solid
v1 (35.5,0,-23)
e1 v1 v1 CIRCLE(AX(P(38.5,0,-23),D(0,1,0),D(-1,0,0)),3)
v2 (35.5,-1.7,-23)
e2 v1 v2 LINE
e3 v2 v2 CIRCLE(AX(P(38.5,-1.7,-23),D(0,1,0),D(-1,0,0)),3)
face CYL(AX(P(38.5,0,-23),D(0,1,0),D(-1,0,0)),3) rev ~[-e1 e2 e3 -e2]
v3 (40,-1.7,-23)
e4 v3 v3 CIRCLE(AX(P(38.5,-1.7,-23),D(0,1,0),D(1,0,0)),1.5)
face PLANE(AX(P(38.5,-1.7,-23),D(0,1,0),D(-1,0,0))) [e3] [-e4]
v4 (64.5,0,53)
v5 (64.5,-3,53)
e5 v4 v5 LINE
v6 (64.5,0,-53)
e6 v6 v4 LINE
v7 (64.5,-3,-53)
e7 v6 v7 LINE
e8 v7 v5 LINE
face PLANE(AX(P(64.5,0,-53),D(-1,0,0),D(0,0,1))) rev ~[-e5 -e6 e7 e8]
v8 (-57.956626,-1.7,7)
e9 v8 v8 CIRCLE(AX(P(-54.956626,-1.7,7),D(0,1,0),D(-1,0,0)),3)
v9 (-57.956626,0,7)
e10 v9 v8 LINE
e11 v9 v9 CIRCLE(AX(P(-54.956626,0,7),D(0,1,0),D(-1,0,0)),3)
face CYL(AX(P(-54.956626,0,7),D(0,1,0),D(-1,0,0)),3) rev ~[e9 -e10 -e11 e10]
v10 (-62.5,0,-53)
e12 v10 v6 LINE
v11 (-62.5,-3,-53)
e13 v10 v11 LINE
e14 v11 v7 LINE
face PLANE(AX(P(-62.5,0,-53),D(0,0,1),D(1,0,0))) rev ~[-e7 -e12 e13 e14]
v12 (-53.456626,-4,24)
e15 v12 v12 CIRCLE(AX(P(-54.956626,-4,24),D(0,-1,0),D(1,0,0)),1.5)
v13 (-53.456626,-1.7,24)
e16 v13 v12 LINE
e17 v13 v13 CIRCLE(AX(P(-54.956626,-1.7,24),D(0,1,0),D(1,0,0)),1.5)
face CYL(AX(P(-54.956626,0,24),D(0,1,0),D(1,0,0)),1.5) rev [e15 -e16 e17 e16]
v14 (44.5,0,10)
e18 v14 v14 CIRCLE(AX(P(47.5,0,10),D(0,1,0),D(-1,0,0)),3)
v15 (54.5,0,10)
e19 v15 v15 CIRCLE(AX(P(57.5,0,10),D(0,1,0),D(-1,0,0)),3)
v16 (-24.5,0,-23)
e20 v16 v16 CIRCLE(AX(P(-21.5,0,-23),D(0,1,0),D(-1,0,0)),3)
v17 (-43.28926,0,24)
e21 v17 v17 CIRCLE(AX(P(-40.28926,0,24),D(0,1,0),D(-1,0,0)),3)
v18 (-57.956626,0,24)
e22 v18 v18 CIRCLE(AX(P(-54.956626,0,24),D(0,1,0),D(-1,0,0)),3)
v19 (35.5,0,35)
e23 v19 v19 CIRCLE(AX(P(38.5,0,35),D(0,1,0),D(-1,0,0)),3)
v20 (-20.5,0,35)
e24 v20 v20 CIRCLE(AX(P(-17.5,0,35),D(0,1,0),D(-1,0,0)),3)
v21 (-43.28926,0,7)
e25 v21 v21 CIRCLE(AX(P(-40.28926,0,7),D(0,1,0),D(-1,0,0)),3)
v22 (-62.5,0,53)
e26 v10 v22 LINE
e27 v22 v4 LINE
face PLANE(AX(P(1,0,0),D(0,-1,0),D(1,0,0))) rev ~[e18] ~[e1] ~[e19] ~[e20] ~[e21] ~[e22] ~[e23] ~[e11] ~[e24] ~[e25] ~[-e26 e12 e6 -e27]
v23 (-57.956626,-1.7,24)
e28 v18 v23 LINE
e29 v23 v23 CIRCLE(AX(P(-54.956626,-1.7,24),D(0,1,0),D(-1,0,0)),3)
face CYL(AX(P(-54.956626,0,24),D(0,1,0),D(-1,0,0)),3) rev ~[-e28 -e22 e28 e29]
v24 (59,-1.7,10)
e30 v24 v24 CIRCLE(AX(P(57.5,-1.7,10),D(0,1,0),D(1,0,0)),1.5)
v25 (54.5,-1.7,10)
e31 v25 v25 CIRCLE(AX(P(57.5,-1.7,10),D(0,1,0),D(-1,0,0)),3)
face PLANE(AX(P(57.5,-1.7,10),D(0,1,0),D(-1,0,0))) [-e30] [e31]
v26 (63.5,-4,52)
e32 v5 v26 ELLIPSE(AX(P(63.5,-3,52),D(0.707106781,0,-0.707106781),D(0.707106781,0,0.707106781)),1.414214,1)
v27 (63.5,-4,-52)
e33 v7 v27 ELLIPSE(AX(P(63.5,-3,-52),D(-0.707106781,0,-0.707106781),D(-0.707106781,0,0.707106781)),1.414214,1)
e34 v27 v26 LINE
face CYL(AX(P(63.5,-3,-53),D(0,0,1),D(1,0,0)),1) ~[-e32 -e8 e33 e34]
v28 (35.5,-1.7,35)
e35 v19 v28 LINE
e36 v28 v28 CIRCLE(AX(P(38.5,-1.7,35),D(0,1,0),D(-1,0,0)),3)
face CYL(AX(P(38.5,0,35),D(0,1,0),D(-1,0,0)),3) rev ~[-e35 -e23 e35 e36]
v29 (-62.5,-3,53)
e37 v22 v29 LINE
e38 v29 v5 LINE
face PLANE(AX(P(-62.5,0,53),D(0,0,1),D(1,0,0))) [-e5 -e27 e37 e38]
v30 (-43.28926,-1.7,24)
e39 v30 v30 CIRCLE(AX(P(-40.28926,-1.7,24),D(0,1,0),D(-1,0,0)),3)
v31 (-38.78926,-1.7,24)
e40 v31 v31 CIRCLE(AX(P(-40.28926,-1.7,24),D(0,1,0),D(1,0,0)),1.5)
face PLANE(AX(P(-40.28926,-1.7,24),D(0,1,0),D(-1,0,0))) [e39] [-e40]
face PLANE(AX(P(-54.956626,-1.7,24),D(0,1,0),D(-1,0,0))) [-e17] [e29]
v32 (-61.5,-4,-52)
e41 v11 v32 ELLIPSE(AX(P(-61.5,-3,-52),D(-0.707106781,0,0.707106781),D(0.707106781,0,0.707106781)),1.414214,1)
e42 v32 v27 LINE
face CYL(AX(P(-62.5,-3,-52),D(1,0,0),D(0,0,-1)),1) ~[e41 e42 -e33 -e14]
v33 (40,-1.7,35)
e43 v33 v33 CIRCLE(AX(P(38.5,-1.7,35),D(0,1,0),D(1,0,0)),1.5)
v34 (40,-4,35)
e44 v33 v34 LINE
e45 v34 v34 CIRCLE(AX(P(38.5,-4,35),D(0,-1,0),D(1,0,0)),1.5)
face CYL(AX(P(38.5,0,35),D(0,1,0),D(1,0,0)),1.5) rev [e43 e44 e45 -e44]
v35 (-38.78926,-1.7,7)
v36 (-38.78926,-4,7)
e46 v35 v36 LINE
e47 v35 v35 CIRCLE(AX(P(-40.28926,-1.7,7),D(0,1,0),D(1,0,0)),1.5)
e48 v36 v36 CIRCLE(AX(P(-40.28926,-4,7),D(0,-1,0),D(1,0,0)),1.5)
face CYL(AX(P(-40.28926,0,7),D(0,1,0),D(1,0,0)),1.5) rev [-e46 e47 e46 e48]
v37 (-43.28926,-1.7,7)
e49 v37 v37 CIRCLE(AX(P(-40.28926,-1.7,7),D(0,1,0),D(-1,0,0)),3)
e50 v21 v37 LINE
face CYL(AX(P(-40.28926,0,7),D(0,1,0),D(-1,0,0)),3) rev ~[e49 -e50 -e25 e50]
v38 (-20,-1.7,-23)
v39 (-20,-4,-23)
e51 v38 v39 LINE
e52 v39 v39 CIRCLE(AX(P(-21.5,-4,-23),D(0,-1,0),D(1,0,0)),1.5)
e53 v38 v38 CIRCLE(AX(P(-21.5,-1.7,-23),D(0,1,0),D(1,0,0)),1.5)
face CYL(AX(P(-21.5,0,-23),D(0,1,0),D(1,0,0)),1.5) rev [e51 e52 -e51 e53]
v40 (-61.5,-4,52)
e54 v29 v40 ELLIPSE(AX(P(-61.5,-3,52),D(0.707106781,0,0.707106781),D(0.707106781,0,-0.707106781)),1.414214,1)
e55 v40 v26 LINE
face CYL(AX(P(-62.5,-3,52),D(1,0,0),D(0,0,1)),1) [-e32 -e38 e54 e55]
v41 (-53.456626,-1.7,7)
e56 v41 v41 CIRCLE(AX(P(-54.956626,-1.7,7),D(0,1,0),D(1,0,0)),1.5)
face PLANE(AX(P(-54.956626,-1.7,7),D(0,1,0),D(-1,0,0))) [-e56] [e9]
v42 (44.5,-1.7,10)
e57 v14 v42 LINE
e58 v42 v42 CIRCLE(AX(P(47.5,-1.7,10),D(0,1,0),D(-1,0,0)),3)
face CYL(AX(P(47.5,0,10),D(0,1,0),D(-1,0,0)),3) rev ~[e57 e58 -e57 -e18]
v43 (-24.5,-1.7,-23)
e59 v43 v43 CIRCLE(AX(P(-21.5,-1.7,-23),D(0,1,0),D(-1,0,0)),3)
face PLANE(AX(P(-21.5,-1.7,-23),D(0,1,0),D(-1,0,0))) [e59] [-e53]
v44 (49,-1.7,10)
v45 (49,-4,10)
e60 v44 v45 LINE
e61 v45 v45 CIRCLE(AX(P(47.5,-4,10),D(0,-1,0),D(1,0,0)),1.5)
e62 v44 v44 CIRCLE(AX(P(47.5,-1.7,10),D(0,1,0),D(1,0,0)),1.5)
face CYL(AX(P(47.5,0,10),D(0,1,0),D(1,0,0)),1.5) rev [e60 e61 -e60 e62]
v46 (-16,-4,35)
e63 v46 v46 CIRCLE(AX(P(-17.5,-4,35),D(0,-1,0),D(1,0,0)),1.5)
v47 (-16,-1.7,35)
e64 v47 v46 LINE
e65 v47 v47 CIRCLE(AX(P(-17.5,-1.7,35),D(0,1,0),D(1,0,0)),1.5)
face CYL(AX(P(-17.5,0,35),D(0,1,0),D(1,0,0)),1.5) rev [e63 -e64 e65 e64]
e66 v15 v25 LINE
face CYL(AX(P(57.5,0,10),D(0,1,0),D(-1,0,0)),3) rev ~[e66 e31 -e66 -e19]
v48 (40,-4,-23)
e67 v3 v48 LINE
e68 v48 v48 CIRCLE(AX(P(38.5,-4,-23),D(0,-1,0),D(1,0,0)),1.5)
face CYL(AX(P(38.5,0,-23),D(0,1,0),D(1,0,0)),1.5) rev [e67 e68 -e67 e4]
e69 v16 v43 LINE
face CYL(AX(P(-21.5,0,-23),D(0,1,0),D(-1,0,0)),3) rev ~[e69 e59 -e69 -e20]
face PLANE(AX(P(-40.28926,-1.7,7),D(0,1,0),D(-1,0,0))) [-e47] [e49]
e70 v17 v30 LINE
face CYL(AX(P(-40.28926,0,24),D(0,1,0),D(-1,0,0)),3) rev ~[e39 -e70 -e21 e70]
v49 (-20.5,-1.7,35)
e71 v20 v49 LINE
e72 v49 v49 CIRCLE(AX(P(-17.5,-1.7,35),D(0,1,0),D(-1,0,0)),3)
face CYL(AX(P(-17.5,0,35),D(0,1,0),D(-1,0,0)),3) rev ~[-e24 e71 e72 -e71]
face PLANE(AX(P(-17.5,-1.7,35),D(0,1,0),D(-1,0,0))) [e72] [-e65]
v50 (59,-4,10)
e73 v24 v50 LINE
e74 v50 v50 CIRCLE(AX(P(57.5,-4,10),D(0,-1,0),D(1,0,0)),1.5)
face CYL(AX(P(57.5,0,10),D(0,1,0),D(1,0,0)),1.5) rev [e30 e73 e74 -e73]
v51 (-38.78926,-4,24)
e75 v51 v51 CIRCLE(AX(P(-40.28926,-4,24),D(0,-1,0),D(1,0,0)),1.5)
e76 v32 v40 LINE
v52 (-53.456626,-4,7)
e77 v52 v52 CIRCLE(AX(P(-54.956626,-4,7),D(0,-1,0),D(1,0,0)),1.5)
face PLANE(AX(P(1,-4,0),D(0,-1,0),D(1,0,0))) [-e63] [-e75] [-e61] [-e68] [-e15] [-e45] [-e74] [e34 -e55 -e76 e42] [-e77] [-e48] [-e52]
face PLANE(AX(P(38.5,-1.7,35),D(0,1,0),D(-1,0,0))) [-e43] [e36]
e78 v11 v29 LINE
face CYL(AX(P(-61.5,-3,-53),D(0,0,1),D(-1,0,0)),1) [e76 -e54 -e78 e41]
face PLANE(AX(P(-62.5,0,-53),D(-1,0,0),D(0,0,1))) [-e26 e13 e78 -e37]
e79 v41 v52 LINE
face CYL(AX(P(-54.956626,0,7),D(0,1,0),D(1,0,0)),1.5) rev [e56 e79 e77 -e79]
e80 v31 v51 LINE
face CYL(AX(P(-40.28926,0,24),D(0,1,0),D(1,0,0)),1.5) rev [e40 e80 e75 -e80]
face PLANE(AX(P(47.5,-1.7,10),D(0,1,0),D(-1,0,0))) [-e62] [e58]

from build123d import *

# Parameters (mm, degrees)
F0_W     = 127
F0_H     = 106
F0_R     = 1.5
F1_DEPTH = 4
F2_R     = 1
F3_R     = 3
F3_R_2   = 1.5
F4_DEPTH = 1.7


with BuildPart() as f1:
    # F0 (on Front) → F1 (new body)
    with BuildSketch(Plane.XZ):
        with Locations((1, 0)):
            Rectangle(F0_W, F0_H)
        with Locations((-21.5, -23)):
            Circle(F0_R, mode=Mode.SUBTRACT)
        with Locations((38.5, -23)):
            Circle(F0_R, mode=Mode.SUBTRACT)
        with Locations((-54.956626, 7)):
            Circle(F0_R, mode=Mode.SUBTRACT)
        with Locations((-40.28926, 7)):
            Circle(F0_R, mode=Mode.SUBTRACT)
        with Locations((-54.956626, 24)):
            Circle(F0_R, mode=Mode.SUBTRACT)
        with Locations((-40.28926, 24)):
            Circle(F0_R, mode=Mode.SUBTRACT)
        with Locations((-17.5, 35)):
            Circle(F0_R, mode=Mode.SUBTRACT)
        with Locations((47.5, 10)):
            Circle(F0_R, mode=Mode.SUBTRACT)
        with Locations((57.5, 10)):
            Circle(F0_R, mode=Mode.SUBTRACT)
        with Locations((38.5, 35)):
            Circle(F0_R, mode=Mode.SUBTRACT)
    extrude(amount=F1_DEPTH)

    # F2
    f2_edges = [f1.edges().sort_by_distance(p)[0] for p in [
        (1, -4, 53),
        (-62.5, -4, 0),
        (64.5, -4, 0),
        (1, -4, -53),
    ]]
    fillet(f2_edges, radius=F2_R)

    # F3 (on face) → F4 (cut)
    with BuildSketch(Plane(origin=(0, 0, 0), x_dir=(-1, 0, 0), z_dir=(0, 1, 0))):
        with Locations((-38.5, -23)):
            Circle(F3_R)
        with Locations((-38.5, -23)):
            Circle(F3_R_2, mode=Mode.SUBTRACT)
        with Locations((-57.5, 10)):
            Circle(F3_R)
        with Locations((-57.5, 10)):
            Circle(F3_R_2, mode=Mode.SUBTRACT)
        with Locations((-47.5, 10)):
            Circle(F3_R)
        with Locations((-47.5, 10)):
            Circle(F3_R_2, mode=Mode.SUBTRACT)
        with Locations((-38.5, 35)):
            Circle(F3_R)
        with Locations((-38.5, 35)):
            Circle(F3_R_2, mode=Mode.SUBTRACT)
        with Locations((17.5, 35)):
            Circle(F3_R)
        with Locations((17.5, 35)):
            Circle(F3_R_2, mode=Mode.SUBTRACT)
        with Locations((40.28926, 24)):
            Circle(F3_R)
        with Locations((40.28926, 24)):
            Circle(F3_R_2, mode=Mode.SUBTRACT)
        with Locations((54.956626, 24)):
            Circle(F3_R)
        with Locations((54.956626, 24)):
            Circle(F3_R_2, mode=Mode.SUBTRACT)
        with Locations((54.956626, 7)):
            Circle(F3_R)
        with Locations((54.956626, 7)):
            Circle(F3_R_2, mode=Mode.SUBTRACT)
        with Locations((40.28926, 7)):
            Circle(F3_R)
        with Locations((40.28926, 7)):
            Circle(F3_R_2, mode=Mode.SUBTRACT)
        with Locations((21.5, -23)):
            Circle(F3_R)
        with Locations((21.5, -23)):
            Circle(F3_R_2, mode=Mode.SUBTRACT)
    extrude(amount=-F4_DEPTH, mode=Mode.SUBTRACT)


solid = f1.part
